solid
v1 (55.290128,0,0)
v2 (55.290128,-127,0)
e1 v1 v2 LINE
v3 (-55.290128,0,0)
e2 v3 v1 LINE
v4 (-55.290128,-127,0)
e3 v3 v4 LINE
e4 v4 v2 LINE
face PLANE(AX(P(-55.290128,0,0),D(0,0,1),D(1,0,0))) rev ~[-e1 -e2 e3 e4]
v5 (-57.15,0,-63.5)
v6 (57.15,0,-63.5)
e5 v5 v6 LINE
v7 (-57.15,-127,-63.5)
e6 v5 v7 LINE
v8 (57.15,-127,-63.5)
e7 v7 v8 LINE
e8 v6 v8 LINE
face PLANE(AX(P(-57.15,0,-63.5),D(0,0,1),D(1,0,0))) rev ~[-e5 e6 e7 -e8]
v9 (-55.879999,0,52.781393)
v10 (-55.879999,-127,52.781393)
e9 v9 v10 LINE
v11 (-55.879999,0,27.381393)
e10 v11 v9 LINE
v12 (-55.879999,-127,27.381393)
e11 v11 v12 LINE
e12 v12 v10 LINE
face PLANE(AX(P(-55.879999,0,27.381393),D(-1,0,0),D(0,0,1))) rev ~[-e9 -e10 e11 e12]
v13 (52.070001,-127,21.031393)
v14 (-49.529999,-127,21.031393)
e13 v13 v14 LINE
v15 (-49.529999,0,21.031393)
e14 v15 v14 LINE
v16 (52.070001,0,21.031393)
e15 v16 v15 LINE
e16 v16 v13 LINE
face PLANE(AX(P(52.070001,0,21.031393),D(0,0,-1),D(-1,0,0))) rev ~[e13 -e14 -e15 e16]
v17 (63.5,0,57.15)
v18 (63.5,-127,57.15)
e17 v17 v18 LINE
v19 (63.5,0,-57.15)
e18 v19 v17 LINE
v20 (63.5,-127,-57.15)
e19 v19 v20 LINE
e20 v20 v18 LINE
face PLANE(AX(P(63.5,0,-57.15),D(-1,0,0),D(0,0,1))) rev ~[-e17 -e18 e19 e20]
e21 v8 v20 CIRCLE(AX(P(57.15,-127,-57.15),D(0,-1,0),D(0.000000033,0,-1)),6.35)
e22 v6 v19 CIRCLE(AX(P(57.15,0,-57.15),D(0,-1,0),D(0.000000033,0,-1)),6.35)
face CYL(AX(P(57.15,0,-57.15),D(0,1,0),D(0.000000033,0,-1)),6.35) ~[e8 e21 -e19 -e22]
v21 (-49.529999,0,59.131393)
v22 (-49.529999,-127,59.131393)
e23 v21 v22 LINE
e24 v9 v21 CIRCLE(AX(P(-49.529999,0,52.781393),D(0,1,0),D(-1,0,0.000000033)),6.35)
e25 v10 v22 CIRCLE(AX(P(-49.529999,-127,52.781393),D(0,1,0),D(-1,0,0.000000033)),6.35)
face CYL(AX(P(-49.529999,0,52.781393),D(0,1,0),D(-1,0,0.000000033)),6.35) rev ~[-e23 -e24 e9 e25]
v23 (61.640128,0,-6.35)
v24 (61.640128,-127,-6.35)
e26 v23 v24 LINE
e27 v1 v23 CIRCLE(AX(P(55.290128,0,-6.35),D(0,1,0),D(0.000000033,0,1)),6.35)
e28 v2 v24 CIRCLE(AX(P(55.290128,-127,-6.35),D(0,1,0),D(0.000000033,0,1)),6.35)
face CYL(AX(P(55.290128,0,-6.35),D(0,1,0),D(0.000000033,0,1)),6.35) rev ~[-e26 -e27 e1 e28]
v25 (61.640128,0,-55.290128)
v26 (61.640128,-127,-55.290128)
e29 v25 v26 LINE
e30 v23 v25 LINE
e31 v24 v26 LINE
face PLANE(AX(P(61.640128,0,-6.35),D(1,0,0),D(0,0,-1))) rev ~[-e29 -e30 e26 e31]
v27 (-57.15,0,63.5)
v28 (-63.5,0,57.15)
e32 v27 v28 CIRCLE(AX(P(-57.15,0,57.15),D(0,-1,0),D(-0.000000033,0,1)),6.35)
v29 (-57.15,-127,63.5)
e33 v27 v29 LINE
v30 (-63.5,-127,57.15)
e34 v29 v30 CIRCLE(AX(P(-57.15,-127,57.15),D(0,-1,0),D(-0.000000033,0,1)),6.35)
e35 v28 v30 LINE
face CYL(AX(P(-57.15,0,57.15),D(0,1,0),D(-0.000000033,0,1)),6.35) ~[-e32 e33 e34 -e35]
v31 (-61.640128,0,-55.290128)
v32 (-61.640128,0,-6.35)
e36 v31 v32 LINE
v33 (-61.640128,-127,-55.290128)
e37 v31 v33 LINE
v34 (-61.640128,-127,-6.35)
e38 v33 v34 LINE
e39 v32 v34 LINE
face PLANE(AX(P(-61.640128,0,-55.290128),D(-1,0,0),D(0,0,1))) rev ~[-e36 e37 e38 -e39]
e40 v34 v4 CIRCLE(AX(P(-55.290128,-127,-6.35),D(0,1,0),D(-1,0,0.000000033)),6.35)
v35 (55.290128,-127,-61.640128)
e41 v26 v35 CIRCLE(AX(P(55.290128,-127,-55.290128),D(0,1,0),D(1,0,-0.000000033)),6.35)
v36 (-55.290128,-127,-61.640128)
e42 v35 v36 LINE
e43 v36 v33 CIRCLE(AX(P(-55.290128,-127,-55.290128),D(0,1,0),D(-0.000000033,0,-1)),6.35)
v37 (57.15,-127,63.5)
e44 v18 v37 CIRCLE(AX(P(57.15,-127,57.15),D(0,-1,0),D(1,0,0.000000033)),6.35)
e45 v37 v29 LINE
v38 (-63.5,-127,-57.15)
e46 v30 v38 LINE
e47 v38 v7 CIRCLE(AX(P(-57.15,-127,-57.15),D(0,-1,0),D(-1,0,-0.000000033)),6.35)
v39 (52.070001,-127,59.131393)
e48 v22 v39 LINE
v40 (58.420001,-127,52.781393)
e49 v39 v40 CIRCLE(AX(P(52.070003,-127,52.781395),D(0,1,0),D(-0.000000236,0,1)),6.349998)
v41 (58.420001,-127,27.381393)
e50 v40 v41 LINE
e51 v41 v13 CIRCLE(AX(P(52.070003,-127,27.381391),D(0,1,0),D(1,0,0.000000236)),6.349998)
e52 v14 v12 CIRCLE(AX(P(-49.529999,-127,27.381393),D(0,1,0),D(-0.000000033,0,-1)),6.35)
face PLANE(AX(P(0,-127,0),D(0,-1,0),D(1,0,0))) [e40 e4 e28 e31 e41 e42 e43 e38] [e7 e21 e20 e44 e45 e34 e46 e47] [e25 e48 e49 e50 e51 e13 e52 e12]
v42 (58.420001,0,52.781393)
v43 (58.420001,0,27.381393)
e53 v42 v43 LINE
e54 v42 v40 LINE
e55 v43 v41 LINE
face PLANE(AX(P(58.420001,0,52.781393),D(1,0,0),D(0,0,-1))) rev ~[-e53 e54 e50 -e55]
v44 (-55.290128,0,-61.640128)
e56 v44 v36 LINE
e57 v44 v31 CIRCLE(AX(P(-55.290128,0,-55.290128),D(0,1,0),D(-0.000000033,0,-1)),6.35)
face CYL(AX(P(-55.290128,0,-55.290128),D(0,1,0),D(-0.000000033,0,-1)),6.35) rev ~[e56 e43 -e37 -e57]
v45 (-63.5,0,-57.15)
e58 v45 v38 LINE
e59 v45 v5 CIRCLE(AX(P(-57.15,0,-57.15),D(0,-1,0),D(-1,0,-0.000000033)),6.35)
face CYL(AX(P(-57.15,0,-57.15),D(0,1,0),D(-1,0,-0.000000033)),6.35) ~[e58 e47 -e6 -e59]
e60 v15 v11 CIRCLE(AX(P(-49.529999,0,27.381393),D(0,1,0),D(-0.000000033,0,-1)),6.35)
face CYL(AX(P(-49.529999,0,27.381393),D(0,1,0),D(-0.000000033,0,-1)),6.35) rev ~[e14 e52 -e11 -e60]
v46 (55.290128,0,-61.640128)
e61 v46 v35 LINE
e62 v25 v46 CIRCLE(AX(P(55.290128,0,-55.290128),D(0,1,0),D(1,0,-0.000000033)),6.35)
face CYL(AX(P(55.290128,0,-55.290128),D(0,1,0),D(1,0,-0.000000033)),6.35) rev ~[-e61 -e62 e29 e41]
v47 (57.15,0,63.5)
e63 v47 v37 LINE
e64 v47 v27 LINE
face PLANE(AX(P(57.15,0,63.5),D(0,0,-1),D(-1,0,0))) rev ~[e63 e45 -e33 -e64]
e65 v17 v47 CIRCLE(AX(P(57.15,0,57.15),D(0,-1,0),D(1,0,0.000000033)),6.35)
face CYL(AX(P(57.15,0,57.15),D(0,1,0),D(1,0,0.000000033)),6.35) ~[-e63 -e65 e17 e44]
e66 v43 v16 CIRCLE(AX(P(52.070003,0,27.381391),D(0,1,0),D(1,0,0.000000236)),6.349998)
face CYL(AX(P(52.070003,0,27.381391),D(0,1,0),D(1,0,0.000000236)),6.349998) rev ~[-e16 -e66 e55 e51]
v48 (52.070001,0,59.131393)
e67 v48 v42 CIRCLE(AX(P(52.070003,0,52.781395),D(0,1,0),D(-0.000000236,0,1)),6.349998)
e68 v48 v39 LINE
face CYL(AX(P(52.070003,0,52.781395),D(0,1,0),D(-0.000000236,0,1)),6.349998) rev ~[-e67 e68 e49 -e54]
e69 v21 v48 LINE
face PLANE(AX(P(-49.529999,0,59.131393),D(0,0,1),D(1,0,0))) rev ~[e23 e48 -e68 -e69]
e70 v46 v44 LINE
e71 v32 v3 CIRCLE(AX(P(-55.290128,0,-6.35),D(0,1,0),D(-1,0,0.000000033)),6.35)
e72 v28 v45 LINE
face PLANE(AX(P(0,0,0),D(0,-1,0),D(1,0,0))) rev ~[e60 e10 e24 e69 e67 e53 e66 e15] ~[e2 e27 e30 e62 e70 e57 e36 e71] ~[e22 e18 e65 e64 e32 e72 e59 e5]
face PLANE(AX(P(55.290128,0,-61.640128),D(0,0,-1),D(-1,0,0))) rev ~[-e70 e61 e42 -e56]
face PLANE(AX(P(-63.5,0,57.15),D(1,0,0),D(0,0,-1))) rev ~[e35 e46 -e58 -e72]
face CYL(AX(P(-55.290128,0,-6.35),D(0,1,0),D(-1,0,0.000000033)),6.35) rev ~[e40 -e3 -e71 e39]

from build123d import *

# Parameters (mm, degrees)
F1_DEPTH = 127


with BuildPart() as f1:
    # F0 (on Front) → F1 (new body)
    with BuildSketch(Plane.XZ):
        with BuildLine():
            ThreePointArc((63.5, 57.15), (61.640128, 61.640128), (57.15, 63.5))
            Line((57.15, 63.5), (-57.15, 63.5))
            ThreePointArc((-57.15, 63.5), (-61.640128, 61.640128), (-63.5, 57.15))
            Line((-63.5, 57.15), (-63.5, -57.15))
            ThreePointArc((-63.5, -57.15), (-61.640128, -61.640128), (-57.15, -63.5))
            Line((-57.15, -63.5), (57.15, -63.5))
            ThreePointArc((57.15, -63.5), (61.640128, -61.640128), (63.5, -57.15))
            Line((63.5, -57.15), (63.5, 57.15))
        make_face()
        with BuildLine():
            Line((55.290128, -61.640128), (-55.290128, -61.640128))
            ThreePointArc((-55.290128, -61.640128), (-59.780256, -59.780256), (-61.640128, -55.290128))
            Line((-61.640128, -55.290128), (-61.640128, -6.35))
            ThreePointArc((-61.640128, -6.35), (-59.780256, -1.859872), (-55.290128, 0))
            Line((-55.290128, 0), (55.290128, 0))
            ThreePointArc((55.290128, 0), (59.780256, -1.859872), (61.640128, -6.35))
            Line((61.640128, -6.35), (61.640128, -55.290128))
            ThreePointArc((61.640128, -55.290128), (59.780256, -59.780256), (55.290128, -61.640128))
        make_face(mode=Mode.SUBTRACT)
        with BuildLine():
            ThreePointArc((-55.879999, 52.781393), (-54.020127, 57.271521), (-49.529999, 59.131393))
            Line((-49.529999, 59.131393), (52.070001, 59.131393))
            ThreePointArc((52.070001, 59.131393), (56.56013, 57.271521), (58.420001, 52.781393))
            Line((58.420001, 52.781393), (58.420001, 27.381393))
            ThreePointArc((58.420001, 27.381393), (56.56013, 22.891265), (52.070001, 21.031393))
            Line((52.070001, 21.031393), (-49.529999, 21.031393))
            ThreePointArc((-49.529999, 21.031393), (-54.020127, 22.891265), (-55.879999, 27.381393))
            Line((-55.879999, 27.381393), (-55.879999, 52.781393))
        make_face(mode=Mode.SUBTRACT)
    extrude(amount=F1_DEPTH)


solid = f1.part
